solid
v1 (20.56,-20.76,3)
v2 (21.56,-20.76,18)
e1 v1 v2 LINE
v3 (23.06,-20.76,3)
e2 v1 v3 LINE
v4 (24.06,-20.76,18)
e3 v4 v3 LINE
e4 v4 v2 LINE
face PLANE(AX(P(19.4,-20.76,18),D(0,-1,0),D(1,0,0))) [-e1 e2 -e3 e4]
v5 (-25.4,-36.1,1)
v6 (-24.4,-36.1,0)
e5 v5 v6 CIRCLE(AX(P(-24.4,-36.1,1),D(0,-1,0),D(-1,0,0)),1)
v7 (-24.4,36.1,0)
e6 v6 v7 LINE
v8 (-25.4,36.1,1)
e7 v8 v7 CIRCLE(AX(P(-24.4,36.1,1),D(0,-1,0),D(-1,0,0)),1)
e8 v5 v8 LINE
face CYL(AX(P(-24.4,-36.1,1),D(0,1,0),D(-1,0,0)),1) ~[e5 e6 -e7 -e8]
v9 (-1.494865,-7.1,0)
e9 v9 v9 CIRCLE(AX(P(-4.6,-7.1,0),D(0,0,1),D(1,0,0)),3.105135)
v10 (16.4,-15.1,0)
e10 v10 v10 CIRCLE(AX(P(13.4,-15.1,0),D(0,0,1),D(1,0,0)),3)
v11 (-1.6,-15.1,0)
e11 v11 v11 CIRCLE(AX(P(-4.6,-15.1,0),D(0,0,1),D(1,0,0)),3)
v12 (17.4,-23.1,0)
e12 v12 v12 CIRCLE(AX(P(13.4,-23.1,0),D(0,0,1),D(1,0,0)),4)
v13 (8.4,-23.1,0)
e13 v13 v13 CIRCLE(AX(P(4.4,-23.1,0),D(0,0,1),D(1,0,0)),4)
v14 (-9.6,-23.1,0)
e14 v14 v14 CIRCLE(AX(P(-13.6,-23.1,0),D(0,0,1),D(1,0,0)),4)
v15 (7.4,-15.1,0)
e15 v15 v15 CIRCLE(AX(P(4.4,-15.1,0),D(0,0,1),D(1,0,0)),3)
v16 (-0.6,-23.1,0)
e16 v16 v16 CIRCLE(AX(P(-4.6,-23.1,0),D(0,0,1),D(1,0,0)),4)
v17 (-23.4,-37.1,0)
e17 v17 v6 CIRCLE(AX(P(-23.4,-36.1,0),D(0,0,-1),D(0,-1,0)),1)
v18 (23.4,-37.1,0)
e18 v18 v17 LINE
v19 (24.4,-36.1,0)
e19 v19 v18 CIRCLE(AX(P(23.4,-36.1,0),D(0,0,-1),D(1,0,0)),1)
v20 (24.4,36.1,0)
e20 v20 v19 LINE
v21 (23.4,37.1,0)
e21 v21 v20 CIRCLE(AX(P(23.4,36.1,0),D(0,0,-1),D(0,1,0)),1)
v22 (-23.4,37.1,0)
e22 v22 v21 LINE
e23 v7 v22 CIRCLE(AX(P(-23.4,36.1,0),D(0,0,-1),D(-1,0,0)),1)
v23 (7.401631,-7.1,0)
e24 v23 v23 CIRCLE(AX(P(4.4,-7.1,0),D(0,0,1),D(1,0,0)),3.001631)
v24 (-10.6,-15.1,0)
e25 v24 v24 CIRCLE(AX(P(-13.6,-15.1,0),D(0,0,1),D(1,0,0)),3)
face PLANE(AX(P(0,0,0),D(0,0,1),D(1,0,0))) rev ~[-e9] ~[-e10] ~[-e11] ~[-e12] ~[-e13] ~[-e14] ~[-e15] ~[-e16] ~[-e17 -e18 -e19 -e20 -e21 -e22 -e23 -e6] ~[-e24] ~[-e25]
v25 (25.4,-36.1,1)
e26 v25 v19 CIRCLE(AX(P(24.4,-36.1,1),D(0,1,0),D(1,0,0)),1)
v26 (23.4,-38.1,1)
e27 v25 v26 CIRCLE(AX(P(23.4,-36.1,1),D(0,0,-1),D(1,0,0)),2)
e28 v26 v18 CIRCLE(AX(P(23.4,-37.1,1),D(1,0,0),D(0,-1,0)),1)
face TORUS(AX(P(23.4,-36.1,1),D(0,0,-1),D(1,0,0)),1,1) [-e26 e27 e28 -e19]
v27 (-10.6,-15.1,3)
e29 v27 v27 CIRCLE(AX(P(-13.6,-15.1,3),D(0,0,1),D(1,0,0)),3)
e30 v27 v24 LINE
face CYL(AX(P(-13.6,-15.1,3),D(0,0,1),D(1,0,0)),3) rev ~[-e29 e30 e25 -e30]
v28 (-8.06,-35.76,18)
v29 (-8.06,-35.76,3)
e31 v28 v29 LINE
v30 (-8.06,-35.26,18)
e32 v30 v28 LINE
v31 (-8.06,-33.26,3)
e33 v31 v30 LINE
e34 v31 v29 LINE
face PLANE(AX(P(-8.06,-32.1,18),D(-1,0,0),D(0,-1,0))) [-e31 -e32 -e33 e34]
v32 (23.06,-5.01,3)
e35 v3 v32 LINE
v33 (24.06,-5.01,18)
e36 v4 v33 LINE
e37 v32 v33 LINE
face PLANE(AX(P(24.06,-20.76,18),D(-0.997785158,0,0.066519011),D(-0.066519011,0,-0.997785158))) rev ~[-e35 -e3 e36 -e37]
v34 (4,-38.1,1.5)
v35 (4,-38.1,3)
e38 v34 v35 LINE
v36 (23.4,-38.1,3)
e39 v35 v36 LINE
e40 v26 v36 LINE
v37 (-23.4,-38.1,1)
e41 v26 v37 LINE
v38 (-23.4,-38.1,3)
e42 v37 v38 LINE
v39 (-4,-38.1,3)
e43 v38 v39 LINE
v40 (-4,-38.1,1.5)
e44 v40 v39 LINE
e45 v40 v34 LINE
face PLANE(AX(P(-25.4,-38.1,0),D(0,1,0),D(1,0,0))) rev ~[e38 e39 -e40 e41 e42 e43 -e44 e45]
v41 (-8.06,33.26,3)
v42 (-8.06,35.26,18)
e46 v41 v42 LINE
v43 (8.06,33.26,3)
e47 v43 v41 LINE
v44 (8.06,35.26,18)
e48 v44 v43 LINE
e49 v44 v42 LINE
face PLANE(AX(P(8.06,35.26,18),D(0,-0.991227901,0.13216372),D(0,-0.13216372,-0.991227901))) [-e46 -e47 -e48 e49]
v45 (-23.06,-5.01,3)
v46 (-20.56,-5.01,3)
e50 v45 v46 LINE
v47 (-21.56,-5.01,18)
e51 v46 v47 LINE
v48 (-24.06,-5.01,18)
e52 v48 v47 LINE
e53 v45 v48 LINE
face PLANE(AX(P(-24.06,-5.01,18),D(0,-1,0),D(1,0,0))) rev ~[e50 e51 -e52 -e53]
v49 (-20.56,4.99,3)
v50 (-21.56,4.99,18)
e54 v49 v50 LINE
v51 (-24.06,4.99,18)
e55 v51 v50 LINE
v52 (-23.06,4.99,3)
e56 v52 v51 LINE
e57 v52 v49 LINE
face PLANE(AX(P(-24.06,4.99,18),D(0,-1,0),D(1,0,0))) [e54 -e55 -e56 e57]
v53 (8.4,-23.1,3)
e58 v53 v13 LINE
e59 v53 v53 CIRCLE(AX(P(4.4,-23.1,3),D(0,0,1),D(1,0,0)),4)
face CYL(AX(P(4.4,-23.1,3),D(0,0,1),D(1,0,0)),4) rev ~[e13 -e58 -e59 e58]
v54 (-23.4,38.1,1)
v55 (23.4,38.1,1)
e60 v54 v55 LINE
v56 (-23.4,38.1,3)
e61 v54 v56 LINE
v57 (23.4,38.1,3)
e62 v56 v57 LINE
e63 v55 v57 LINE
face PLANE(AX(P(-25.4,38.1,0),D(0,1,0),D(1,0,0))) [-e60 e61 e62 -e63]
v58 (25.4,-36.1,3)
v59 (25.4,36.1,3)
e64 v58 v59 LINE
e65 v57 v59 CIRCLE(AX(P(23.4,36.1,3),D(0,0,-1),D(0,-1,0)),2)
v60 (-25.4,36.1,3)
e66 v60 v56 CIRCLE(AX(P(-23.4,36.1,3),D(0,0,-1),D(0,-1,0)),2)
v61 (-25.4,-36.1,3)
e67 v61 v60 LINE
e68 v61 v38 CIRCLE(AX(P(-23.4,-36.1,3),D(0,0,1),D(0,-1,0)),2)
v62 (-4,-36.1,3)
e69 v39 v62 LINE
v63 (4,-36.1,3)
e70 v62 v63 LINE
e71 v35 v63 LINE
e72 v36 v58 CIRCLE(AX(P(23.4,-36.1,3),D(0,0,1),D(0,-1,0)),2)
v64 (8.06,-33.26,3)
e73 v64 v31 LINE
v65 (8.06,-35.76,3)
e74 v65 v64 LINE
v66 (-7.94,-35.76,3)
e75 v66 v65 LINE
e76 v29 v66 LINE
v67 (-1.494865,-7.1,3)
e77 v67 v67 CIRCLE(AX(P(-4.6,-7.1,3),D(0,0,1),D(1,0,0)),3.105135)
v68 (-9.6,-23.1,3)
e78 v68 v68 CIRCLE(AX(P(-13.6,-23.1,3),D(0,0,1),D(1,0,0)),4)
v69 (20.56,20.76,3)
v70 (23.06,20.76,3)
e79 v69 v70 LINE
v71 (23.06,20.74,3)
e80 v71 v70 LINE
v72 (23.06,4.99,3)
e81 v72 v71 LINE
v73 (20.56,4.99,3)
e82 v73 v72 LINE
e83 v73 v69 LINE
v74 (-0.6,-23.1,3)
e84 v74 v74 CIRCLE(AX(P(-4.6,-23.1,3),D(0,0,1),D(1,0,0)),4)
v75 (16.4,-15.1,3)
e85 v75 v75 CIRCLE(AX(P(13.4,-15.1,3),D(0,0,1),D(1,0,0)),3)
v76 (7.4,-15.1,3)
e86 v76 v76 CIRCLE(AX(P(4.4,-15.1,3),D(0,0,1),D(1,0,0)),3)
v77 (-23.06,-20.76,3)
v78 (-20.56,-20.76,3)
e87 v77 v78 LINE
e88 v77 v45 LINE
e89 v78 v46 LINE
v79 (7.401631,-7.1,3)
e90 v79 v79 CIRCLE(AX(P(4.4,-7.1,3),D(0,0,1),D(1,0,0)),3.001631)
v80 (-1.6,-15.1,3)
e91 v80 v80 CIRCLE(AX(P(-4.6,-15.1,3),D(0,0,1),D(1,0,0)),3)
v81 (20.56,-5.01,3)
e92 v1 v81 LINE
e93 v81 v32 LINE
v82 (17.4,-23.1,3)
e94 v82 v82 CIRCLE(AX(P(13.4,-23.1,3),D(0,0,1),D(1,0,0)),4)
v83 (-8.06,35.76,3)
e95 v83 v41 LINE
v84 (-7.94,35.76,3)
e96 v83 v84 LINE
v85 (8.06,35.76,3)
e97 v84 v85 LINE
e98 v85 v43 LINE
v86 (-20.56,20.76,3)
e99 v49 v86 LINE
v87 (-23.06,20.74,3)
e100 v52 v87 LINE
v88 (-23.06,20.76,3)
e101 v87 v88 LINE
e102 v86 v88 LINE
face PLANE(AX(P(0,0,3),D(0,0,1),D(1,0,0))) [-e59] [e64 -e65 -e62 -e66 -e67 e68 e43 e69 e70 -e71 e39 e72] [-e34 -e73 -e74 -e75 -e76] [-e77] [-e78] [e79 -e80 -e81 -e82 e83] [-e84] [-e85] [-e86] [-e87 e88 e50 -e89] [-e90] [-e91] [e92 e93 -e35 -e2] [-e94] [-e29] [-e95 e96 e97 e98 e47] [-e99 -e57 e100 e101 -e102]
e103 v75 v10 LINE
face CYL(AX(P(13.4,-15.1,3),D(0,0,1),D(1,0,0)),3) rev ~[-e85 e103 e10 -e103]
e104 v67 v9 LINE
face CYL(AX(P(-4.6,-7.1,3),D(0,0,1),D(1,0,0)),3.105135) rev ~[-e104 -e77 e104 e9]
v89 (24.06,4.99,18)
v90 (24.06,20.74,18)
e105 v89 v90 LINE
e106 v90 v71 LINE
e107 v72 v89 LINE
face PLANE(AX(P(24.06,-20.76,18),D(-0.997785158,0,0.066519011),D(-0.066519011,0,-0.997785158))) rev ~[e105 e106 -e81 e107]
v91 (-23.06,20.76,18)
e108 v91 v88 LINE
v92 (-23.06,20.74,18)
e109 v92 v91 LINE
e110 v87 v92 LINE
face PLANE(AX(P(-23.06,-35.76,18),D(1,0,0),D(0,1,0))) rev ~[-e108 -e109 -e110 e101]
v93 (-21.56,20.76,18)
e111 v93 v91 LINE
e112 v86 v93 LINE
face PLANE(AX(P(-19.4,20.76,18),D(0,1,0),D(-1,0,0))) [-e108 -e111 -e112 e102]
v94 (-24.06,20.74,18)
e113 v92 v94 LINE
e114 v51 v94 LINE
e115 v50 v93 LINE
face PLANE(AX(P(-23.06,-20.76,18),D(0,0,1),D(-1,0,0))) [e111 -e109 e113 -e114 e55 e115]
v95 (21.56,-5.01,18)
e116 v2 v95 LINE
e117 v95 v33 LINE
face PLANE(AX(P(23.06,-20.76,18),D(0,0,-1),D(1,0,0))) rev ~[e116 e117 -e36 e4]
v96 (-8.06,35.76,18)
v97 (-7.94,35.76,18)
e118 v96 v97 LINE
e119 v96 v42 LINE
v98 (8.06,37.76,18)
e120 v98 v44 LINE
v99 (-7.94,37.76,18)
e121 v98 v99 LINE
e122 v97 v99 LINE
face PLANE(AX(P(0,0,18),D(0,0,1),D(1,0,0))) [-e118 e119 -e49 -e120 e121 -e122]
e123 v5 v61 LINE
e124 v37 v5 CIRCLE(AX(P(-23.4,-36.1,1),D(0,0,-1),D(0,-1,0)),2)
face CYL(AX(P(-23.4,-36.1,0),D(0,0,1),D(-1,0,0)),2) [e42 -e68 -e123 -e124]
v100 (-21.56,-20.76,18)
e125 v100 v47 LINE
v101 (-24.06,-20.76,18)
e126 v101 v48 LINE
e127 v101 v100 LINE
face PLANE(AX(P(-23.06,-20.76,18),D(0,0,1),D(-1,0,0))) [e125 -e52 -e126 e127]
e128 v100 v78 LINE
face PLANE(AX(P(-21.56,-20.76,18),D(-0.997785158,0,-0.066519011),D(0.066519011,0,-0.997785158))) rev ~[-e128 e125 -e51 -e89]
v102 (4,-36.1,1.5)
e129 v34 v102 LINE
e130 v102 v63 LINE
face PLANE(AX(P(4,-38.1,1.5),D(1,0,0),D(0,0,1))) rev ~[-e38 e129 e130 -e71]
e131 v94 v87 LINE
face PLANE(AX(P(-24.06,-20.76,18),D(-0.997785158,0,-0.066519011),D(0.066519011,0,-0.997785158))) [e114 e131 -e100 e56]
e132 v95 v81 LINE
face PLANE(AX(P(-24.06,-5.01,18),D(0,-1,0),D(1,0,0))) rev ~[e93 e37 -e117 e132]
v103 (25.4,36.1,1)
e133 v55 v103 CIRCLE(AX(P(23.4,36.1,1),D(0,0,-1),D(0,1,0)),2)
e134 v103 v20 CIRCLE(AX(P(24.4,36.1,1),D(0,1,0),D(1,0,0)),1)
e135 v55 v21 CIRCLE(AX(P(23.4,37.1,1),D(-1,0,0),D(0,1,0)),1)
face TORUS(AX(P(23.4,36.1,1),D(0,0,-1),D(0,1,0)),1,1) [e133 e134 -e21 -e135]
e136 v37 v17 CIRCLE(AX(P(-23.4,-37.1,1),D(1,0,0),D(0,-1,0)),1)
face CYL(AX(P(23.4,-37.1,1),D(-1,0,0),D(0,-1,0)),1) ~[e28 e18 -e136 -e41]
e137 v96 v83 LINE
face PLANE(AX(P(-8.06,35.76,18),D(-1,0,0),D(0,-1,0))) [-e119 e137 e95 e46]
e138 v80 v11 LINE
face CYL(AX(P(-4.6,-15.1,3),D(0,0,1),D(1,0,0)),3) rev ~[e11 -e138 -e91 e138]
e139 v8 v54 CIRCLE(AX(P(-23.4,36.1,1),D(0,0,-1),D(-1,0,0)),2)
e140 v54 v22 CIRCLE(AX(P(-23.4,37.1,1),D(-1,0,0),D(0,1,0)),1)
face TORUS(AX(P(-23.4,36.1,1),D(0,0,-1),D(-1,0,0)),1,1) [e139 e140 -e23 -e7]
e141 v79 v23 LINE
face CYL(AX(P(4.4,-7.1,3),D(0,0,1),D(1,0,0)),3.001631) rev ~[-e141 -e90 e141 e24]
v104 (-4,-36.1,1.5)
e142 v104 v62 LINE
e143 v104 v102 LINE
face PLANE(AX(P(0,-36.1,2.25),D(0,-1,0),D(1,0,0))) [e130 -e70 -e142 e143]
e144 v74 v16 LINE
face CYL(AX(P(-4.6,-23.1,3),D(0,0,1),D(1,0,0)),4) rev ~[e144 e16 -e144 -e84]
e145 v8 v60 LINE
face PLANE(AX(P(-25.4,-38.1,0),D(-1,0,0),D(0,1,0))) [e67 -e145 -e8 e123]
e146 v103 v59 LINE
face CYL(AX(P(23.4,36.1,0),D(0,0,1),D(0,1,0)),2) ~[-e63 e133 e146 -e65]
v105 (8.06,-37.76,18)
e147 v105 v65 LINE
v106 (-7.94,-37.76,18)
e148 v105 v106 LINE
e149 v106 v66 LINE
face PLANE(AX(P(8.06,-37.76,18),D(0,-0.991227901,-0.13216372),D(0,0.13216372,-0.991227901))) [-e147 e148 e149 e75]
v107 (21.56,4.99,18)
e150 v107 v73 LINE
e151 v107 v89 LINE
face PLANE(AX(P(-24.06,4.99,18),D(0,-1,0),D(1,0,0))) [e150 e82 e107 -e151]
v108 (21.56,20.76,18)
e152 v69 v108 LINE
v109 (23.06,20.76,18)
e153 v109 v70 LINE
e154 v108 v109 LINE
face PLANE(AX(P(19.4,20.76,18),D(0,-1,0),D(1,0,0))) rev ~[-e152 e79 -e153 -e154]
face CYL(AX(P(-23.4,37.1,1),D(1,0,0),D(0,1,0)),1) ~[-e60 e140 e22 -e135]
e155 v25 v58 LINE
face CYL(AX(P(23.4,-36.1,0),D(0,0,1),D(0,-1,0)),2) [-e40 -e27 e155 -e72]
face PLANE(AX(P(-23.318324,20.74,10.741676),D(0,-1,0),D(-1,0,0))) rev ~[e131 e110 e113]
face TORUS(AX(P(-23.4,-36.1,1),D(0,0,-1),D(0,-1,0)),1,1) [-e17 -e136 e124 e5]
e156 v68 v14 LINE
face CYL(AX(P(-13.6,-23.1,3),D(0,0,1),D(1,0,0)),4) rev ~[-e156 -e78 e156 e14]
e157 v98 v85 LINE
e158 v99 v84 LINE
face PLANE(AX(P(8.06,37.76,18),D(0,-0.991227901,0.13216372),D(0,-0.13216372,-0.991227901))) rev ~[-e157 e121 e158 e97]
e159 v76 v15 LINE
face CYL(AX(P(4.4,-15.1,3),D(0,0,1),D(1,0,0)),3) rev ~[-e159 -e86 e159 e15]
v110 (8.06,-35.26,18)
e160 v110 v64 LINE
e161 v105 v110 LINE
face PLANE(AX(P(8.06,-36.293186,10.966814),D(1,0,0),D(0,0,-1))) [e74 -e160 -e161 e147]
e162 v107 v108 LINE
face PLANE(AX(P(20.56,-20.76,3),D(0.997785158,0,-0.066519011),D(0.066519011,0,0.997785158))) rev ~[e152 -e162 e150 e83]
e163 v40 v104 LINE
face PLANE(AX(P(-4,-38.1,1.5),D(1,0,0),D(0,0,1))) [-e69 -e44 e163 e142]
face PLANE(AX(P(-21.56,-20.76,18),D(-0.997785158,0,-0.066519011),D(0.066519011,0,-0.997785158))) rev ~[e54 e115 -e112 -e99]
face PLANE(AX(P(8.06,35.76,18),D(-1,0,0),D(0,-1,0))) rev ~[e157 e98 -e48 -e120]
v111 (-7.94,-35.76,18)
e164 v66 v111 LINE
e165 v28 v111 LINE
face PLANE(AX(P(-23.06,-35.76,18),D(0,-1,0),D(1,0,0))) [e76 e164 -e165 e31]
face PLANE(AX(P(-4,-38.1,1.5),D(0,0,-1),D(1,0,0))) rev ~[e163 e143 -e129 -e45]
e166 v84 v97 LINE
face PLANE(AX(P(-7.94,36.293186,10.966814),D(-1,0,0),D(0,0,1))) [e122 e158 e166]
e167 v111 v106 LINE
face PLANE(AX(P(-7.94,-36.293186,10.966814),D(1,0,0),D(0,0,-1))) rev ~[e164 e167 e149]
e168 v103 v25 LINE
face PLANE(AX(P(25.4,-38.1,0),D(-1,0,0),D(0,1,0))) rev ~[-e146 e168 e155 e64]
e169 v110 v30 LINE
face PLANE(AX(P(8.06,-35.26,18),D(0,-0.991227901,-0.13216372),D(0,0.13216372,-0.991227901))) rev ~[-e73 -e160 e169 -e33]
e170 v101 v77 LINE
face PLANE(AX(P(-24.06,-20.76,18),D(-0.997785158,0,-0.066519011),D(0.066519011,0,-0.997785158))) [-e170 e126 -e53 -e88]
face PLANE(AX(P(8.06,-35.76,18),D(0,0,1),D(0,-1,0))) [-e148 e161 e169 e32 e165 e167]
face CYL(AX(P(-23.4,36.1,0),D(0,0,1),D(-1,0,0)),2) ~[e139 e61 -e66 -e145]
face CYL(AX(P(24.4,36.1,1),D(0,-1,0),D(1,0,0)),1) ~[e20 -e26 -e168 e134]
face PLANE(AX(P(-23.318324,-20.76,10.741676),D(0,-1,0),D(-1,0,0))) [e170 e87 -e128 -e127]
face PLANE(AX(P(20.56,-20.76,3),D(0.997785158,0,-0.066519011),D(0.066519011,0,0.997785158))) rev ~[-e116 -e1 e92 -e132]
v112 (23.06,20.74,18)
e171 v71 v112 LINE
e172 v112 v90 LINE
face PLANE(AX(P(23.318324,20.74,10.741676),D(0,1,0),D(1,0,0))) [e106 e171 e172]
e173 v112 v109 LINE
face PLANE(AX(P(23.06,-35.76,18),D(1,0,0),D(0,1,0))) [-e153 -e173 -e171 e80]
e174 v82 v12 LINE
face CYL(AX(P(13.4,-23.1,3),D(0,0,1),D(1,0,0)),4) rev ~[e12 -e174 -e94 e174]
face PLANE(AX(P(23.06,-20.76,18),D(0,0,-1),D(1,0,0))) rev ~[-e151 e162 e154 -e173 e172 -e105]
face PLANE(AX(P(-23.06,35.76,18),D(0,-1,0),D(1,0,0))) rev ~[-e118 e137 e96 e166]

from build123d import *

# Parameters (mm, degrees)
CROQUIS1_W              = 50.8
CROQUIS1_H              = 76.2
SALIENTE_EXTRUIR1_DEPTH = 18
CROQUIS2_W              = 50.8
CROQUIS2_H              = 76.2
CROQUIS2_W_2            = 46.12
CROQUIS2_H_2            = 71.52
CROQUIS2_W_3            = 38.8
CROQUIS2_H_3            = 64.2
CORTAR_EXTRUIR1_DEPTH   = 15
CORTAR_EXTRUIR8_DEPTH   = 15
SALIENTE_EXTRUIR3_DEPTH = 41.5
CORTAR_EXTRUIR9_DEPTH   = 51.5
CORTAR_EXTRUIR10_DEPTH  = 51.5
SALIENTE_EXTRUIR4_DEPTH = 16
CORTAR_EXTRUIR11_DEPTH  = 16.5
REDONDEO3_R             = 2
REDONDEO4_R             = 1
CROQUIS15_W             = 48.12
CROQUIS15_H             = 10
CORTAR_EXTRUIR12_DEPTH  = 15
CROQUIS16_W             = 8
CROQUIS16_H             = 1.5
CORTAR_EXTRUIR13_DEPTH  = 2
CROQUIS17_R             = 4
CROQUIS17_R_2           = 3
CROQUIS17_R_3           = 3.105135185
CROQUIS17_R_4           = 3.001630679
CORTAR_EXTRUIR14_DEPTH  = 10


with BuildPart() as part:
    # Croquis1 → Saliente-Extruir1 (new body)
    with BuildSketch(Plane.XY):
        Rectangle(CROQUIS1_W, CROQUIS1_H)
    extrude(amount=SALIENTE_EXTRUIR1_DEPTH)

    # Croquis2 → Cortar-Extruir1 (cut)
    # profile 1 of 2: a face of its own
    with BuildSketch(Plane.XY.offset(18)):
        Rectangle(CROQUIS2_W, CROQUIS2_H)
        Rectangle(CROQUIS2_W_2, CROQUIS2_H_2, mode=Mode.SUBTRACT)
    # profile 2 of 2: a face of its own
    with BuildSketch(Plane.XY.offset(18)):
        Rectangle(CROQUIS2_W_3, CROQUIS2_H_3)
    extrude(amount=-CORTAR_EXTRUIR1_DEPTH, mode=Mode.SUBTRACT)

    # Croquis6 → Cortar-Extruir8 (cut)
    with BuildSketch(Plane.XY.offset(18)):
        Polygon((-23.06, 35.76), (-8.06, 35.76), (-8.06, 32.1), (-19.4, 32.1), (-19.4, 20.76), (-23.06, 20.76), align=None)
        Polygon((23.06, 35.76), (8.06, 35.76), (8.06, 32.1), (19.4, 32.1), (19.4, 20.76), (23.06, 20.76), align=None)
        Polygon((-23.06, -35.76), (-23.06, -20.76), (-19.4, -20.76), (-19.4, -32.1), (-8.06, -32.1), (-8.06, -35.76), align=None)
        Polygon((23.06, -35.76), (8.06, -35.76), (8.06, -32.1), (19.4, -32.1), (19.4, -20.76), (23.06, -20.76), align=None)
    extrude(amount=-CORTAR_EXTRUIR8_DEPTH, mode=Mode.SUBTRACT)

    # Croquis10 → Saliente-Extruir3 (add)
    with BuildSketch(Plane(origin=(0, -20.76, 0), x_dir=(-1, 0, 0), z_dir=(0, -1, 0))):
        Polygon((23.06, -18), (24.06, -18), (23.06, -3), align=None)
        Polygon((-23.06, -18), (-24.06, -18), (-23.06, -3), align=None)
    extrude(amount=-SALIENTE_EXTRUIR3_DEPTH)

    # Croquis11 → Cortar-Extruir9 (cut)
    with BuildSketch(Plane.XZ.offset(20.76)):
        Polygon((-19.4, 18), (-21.56, 18), (-20.56, 3), (-19.4, 3), align=None)
    extrude(amount=-CORTAR_EXTRUIR9_DEPTH, mode=Mode.SUBTRACT)

    # Croquis12 → Cortar-Extruir10 (cut)
    with BuildSketch(Plane.XZ.offset(20.76)):
        Polygon((19.4, 18), (19.4, 3), (20.56, 3), (21.56, 18), align=None)
    extrude(amount=-CORTAR_EXTRUIR10_DEPTH, mode=Mode.SUBTRACT)

    # Croquis13 → Saliente-Extruir4 (add)
    with BuildSketch(Plane(origin=(8.06, 0, 0), x_dir=(0, 0, -1), z_dir=(1, 0, 0))):
        Polygon((-18, -35.76), (-18, -37.76), (-3, -35.76), align=None)
        Polygon((-18, 35.76), (-18, 37.76), (-3, 35.76), align=None)
    extrude(amount=-SALIENTE_EXTRUIR4_DEPTH)

    # Croquis14 → Cortar-Extruir11 (cut)
    with BuildSketch(Plane(origin=(8.06, 0, 0), x_dir=(0, 0, -1), z_dir=(1, 0, 0))):
        Polygon((-3, -32.1), (-18, -32.1), (-18, -35.26), (-3, -33.26), align=None)
        Polygon((-18, 32.1), (-18, 35.26), (-3, 33.26), (-3, 32.1), align=None)
    extrude(amount=-CORTAR_EXTRUIR11_DEPTH, mode=Mode.SUBTRACT)

    # Redondeo3
    redondeo3_edges = [part.edges().sort_by_distance(p)[0] for p in [
        (-25.4, 38.1, 1.5),
        (25.4, 38.1, 1.5),
        (25.4, -38.1, 1.5),
        (-25.4, -38.1, 1.5),
    ]]
    fillet(redondeo3_edges, radius=REDONDEO3_R)

    # Redondeo4
    redondeo4_edges = [part.edges().sort_by_distance(p)[0] for p in [
        (0, 38.1, 0),
        (-25.4, 0, 0),
        (25.4, 0, 0),
        (0, -38.1, 0),
        (24.814213562, -37.514213562, 0),
        (-24.814213562, -37.514213562, 0),
        (-24.814213562, 37.514213562, 0),
        (24.814213562, 37.514213562, 0),
    ]]
    fillet(redondeo4_edges, radius=REDONDEO4_R)

    # Croquis15 → Cortar-Extruir12 (cut)
    with BuildSketch(Plane.XY.offset(18)):
        with Locations((0, -0.01)):
            Rectangle(CROQUIS15_W, CROQUIS15_H)
    extrude(amount=-CORTAR_EXTRUIR12_DEPTH, mode=Mode.SUBTRACT)

    # Croquis16 → Cortar-Extruir13 (cut)
    with BuildSketch(Plane.XZ.offset(38.1)):
        with Locations((0, 2.25)):
            Rectangle(CROQUIS16_W, CROQUIS16_H)
    extrude(amount=-CORTAR_EXTRUIR13_DEPTH, mode=Mode.SUBTRACT)

    # Croquis17 → Cortar-Extruir14 (cut)
    with BuildSketch(Plane.XY.offset(3)):
        with Locations((13.4, -23.1)):
            Circle(CROQUIS17_R)
        with Locations((13.4, -15.1)):
            Circle(CROQUIS17_R_2)
        with Locations((4.4, -23.1)):
            Circle(CROQUIS17_R)
        with Locations((-4.6, -23.1)):
            Circle(CROQUIS17_R)
        with Locations((-13.6, -23.1)):
            Circle(CROQUIS17_R)
        with Locations((4.4, -15.1)):
            Circle(CROQUIS17_R_2)
        with Locations((-4.6, -15.1)):
            Circle(CROQUIS17_R_2)
        with Locations((-13.6, -15.1)):
            Circle(CROQUIS17_R_2)
        with Locations((-4.6, -7.1)):
            Circle(CROQUIS17_R_3)
        with Locations((4.4, -7.1)):
            Circle(CROQUIS17_R_4)
    extrude(amount=-CORTAR_EXTRUIR14_DEPTH, mode=Mode.SUBTRACT)


solid = part.part
